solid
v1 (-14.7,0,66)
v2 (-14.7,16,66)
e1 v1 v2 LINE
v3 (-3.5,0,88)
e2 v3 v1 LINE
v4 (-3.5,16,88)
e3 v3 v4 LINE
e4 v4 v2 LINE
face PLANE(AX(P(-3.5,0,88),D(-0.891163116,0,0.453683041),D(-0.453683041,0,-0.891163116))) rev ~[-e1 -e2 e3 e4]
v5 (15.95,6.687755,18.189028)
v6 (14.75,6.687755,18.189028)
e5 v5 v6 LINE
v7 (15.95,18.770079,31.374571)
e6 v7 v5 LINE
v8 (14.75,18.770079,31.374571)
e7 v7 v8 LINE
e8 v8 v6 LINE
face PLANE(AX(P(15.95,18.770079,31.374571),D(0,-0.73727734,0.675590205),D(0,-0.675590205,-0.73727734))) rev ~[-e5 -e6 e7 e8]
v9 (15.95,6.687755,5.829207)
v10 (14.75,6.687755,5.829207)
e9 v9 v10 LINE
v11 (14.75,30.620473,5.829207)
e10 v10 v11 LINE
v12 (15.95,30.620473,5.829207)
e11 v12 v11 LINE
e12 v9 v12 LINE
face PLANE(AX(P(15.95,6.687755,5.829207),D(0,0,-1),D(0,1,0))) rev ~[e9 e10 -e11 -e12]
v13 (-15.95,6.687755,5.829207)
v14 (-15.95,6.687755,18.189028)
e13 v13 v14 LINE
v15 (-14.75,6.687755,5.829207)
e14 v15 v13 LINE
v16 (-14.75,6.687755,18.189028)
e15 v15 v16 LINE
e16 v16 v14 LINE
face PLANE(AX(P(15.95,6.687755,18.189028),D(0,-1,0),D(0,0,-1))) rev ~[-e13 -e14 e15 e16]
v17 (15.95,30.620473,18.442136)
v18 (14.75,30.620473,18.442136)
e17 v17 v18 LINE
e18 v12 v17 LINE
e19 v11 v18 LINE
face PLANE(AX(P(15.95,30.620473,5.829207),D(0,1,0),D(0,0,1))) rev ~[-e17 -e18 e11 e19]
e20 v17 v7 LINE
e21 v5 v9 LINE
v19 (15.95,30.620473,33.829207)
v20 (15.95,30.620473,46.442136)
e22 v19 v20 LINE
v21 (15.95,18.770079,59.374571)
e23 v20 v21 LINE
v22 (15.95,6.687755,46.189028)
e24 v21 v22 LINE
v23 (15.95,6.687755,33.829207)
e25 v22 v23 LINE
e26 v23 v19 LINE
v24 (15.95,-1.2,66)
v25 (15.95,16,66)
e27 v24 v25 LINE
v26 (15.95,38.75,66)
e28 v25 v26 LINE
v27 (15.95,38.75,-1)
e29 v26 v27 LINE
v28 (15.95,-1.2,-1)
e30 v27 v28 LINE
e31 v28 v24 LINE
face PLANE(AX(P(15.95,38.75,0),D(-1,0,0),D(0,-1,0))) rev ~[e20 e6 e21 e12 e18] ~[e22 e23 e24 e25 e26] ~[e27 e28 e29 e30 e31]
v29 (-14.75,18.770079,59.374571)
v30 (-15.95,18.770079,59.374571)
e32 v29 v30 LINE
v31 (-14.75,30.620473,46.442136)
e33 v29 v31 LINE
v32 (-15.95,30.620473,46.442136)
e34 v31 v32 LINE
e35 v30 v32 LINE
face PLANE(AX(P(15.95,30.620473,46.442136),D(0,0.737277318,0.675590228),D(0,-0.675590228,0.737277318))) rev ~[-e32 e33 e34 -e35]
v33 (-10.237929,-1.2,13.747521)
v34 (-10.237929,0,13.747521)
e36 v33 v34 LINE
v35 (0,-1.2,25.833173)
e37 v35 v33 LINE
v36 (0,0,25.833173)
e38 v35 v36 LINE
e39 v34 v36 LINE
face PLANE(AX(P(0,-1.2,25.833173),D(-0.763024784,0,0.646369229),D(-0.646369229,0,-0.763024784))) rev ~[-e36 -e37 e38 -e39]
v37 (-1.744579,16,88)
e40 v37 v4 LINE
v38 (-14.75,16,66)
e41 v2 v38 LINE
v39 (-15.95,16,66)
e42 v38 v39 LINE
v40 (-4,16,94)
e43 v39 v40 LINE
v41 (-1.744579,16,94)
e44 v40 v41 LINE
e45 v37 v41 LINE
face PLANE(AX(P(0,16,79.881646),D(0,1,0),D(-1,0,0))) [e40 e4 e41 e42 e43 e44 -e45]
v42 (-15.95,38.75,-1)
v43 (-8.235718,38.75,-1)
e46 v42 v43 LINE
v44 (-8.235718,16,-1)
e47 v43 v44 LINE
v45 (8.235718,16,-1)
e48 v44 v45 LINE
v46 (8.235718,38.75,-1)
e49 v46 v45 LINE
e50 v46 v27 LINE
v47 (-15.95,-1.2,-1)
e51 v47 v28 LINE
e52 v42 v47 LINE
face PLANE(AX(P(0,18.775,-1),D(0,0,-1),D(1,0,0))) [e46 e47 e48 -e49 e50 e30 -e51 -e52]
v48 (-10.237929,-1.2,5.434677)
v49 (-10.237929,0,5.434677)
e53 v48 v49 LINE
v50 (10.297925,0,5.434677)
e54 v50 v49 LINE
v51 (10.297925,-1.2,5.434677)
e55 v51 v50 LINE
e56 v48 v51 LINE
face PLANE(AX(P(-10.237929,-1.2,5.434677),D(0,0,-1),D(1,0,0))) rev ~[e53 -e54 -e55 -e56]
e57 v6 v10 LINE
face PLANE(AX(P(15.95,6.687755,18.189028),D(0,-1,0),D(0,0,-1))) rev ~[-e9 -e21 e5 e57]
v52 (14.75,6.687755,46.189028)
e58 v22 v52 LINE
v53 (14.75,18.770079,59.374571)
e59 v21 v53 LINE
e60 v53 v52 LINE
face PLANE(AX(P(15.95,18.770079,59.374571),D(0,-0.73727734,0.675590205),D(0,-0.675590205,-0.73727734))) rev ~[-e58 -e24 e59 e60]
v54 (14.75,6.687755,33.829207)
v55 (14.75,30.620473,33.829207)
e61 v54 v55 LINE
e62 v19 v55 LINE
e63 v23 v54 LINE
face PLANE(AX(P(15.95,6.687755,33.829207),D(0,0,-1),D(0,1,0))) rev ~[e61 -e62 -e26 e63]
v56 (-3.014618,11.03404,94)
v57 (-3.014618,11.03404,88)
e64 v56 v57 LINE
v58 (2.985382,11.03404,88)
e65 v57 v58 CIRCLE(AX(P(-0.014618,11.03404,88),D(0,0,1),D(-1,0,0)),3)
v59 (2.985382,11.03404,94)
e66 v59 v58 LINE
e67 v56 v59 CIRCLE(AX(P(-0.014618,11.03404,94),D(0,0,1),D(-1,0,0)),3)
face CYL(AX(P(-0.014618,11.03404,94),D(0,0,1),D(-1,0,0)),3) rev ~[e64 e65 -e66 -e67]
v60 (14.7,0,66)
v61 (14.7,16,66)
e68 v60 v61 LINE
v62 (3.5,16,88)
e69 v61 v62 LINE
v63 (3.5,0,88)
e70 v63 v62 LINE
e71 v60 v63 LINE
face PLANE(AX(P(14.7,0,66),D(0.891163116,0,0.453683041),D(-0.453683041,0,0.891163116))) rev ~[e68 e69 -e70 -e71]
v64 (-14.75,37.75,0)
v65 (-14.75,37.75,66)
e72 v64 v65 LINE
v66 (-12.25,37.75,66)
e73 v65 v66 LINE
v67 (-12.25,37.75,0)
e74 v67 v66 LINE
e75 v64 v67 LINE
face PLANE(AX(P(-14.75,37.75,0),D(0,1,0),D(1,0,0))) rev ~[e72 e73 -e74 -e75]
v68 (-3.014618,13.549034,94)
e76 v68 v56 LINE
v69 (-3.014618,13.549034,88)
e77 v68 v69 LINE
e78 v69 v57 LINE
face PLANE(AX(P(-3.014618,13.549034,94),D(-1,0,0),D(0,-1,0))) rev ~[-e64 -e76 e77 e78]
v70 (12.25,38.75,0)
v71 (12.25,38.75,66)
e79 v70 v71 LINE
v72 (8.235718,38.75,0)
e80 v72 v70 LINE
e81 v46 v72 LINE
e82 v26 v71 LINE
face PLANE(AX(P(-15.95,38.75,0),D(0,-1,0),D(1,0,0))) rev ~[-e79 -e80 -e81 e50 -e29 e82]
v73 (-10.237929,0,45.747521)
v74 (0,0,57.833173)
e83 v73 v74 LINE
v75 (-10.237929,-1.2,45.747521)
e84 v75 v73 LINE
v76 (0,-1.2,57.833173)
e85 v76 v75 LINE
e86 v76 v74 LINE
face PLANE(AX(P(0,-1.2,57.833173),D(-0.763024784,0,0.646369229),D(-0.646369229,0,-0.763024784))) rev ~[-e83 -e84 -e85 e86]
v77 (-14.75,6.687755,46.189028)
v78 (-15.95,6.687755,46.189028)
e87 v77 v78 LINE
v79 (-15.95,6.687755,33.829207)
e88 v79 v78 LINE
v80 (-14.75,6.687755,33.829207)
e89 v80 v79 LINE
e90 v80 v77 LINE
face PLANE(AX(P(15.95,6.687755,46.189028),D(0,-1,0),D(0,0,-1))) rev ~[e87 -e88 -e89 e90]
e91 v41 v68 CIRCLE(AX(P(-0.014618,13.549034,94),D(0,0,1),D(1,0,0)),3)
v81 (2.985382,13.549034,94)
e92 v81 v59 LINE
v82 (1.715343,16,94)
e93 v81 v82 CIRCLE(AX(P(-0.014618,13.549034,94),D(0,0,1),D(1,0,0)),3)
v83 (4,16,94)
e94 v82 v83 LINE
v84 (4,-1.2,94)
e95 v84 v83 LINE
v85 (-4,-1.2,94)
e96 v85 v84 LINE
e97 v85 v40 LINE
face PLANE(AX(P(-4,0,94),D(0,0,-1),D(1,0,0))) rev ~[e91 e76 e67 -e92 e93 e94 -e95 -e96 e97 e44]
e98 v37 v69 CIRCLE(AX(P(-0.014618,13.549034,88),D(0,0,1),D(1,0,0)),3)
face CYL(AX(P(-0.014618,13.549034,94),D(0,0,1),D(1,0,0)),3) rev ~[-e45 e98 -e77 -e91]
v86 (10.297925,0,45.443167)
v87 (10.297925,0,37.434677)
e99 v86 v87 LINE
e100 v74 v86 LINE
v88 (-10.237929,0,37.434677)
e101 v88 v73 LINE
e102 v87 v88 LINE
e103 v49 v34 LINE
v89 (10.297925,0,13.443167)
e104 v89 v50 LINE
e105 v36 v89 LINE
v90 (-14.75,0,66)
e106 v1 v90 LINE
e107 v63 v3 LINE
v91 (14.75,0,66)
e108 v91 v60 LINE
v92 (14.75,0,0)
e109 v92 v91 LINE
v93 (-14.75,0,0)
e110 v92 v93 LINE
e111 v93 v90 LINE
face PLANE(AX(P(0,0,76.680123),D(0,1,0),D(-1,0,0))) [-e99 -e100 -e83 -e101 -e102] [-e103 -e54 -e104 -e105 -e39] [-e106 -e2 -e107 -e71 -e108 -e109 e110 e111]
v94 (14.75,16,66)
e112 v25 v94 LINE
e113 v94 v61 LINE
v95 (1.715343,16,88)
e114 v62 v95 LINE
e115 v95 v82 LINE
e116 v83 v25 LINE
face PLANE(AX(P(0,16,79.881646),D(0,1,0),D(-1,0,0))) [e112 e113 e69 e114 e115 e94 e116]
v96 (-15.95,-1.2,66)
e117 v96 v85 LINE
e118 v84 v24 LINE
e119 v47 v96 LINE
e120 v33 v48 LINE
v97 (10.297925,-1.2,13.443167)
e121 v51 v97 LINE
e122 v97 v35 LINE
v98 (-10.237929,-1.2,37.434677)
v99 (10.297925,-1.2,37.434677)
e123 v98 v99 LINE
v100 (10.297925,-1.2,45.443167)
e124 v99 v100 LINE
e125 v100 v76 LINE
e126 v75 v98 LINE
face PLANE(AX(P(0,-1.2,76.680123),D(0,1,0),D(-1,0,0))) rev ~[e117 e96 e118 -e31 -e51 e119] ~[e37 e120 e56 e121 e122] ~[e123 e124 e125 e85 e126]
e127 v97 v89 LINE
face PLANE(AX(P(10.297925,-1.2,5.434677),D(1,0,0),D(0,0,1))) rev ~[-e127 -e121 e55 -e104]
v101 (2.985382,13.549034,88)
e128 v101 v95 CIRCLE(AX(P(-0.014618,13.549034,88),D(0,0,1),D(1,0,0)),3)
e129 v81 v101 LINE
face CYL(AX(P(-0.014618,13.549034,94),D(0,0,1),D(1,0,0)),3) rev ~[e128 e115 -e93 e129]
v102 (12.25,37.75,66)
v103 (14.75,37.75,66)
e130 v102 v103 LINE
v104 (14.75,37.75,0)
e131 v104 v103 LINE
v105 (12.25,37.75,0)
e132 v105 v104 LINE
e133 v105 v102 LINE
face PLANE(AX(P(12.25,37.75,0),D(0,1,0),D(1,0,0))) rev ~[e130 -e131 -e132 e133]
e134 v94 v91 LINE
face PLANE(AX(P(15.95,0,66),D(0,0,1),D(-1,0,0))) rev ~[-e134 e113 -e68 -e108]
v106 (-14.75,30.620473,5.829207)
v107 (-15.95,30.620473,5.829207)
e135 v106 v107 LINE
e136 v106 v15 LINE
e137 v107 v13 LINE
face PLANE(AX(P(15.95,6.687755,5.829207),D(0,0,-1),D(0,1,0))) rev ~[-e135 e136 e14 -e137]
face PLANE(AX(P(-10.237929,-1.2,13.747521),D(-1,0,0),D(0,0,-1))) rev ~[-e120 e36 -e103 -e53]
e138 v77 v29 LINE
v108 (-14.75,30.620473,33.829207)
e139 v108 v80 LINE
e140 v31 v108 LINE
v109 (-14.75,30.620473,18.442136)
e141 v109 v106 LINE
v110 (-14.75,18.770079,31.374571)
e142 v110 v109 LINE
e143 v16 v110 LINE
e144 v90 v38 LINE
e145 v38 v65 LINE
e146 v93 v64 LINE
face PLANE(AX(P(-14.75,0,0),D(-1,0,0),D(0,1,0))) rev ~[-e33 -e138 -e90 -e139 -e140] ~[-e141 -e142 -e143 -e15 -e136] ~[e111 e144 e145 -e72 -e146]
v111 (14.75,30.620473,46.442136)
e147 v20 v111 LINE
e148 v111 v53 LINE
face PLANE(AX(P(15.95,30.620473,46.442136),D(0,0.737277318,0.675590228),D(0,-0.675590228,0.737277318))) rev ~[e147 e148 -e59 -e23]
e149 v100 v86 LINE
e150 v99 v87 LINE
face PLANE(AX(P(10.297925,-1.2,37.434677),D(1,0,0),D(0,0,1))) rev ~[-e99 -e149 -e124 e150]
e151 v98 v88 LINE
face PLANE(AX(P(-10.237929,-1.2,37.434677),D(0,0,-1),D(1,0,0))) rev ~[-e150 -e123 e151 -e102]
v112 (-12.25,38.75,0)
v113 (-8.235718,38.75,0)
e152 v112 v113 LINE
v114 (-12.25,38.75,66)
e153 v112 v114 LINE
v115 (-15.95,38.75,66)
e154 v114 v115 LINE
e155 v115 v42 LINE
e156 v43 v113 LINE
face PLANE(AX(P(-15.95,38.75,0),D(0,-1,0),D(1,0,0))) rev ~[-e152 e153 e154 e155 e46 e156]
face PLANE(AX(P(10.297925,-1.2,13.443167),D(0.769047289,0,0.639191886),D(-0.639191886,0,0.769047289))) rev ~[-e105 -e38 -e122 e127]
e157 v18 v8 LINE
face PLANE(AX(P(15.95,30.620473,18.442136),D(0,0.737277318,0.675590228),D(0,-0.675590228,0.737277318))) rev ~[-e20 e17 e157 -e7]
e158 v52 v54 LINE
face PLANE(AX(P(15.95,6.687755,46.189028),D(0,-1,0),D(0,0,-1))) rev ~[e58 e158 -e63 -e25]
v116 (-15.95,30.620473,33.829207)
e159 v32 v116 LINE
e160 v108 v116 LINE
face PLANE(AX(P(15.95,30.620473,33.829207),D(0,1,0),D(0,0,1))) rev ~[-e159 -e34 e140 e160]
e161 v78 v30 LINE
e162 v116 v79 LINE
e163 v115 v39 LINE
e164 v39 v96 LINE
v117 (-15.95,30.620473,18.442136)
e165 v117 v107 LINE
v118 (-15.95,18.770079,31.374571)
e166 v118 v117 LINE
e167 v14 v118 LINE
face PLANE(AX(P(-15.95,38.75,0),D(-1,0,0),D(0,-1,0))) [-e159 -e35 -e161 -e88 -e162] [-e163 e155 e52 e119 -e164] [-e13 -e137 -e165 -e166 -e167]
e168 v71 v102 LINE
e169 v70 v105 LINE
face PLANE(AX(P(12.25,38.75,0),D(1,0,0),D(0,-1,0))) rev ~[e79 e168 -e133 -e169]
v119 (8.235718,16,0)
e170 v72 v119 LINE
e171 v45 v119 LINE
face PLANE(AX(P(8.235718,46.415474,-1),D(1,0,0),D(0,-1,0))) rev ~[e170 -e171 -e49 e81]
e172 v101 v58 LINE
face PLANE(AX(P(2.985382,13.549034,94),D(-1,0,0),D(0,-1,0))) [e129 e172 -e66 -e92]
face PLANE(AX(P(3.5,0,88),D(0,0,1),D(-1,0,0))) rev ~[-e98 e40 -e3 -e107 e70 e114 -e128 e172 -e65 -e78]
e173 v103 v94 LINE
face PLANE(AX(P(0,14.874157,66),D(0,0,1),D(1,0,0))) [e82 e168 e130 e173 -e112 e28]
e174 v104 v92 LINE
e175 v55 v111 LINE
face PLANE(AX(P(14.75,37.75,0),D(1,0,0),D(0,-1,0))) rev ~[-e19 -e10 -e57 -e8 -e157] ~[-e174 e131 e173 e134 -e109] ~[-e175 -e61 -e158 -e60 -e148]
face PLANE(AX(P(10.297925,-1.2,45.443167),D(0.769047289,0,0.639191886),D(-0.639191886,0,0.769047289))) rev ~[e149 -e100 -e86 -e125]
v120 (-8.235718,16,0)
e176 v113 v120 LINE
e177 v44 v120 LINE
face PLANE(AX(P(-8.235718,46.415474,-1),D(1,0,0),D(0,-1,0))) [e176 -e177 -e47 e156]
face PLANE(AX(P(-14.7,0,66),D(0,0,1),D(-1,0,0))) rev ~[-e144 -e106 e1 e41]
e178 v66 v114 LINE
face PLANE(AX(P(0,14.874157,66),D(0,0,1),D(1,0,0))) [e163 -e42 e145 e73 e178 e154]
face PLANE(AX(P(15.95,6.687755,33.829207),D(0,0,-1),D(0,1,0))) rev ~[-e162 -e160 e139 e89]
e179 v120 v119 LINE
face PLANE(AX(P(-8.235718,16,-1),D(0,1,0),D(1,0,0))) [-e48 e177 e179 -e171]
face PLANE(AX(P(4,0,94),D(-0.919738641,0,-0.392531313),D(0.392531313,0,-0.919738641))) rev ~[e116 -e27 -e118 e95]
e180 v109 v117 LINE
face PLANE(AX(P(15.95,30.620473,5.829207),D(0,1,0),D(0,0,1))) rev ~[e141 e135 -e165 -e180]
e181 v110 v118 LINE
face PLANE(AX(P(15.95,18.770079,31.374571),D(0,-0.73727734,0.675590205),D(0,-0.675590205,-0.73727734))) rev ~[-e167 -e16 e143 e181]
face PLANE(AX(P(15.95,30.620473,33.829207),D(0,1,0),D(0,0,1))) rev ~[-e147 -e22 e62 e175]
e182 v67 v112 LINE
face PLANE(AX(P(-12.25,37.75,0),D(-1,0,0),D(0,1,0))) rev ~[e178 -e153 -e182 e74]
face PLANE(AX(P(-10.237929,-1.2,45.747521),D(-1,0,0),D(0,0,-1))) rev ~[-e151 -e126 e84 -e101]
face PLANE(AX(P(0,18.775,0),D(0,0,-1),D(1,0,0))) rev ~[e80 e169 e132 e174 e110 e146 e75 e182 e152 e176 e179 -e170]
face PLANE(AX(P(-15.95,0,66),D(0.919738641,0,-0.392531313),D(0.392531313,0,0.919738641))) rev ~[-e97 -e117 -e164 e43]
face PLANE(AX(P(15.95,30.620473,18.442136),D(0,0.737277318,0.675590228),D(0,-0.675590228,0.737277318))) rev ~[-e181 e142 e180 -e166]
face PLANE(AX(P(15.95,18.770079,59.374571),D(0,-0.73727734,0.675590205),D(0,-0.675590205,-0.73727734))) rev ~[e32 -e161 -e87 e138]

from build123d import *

# Parameters (mm, degrees)
PAD_DEPTH              = 66
SKETCH001_W            = 31.9
SKETCH001_H            = 39.95
PAD001_DEPTH           = 1
PAD002_DEPTH           = 1.2
PAD003_DEPTH           = 16
SKETCH011_W            = 16.471436
SKETCH011_H            = 30.415474
POCKET_DEPTH           = 5
POCKET001_DEPTH        = 8
POCKET002_DEPTH        = 5
LINEARPATTERN_COUNT    = 2
LINEARPATTERN_PITCH    = 32
POCKET003_DEPTH        = 31.901
LINEARPATTERN001_COUNT = 2
LINEARPATTERN001_PITCH = 28


with BuildPart() as part:
    # Sketch → Pad (new body)
    with BuildSketch(Plane.XY):
        Polygon((14.75, 37.75), (14.75, 0), (-14.75, 0), (-14.75, 37.75), (-12.25, 37.75), (-12.25, 38.75), (-15.95, 38.75), (-15.95, -1.2), (15.95, -1.2), (15.95, 38.75), (12.25, 38.75), (12.25, 37.75), align=None)
    extrude(amount=PAD_DEPTH)

    # Sketch001 (on Face13 of Pad) → Pad001 (join)
    with BuildSketch(Plane(origin=(0, 0, 0), x_dir=(1, 0, 0), z_dir=(0, 0, -1))):
        with Locations((0, -18.775)):
            Rectangle(SKETCH001_W, SKETCH001_H)
    extrude(amount=PAD001_DEPTH)

    # Sketch002 (on Face13 of Pad001) → Pad002 (join)
    with BuildSketch(Plane.XZ.offset(1.2)):
        Polygon((-15.95, 66), (-4, 94), (4, 94), (15.95, 66), align=None)
    extrude(amount=-PAD002_DEPTH)

    # Sketch007 (on Face8 of Pad002) → Pad003 (join)
    with BuildSketch(Plane(origin=(0, 0, 0), x_dir=(-1, 0, 0), z_dir=(0, 1, 0))):
        Polygon((-15.95, 66), (-14.7, 66), (-3.5, 88), (3.5, 88), (14.7, 66), (15.95, 66), (4, 94), (-4, 94), align=None)
    extrude(amount=PAD003_DEPTH)

    # Sketch011 (on Face24 of Pad003) → Pocket (cut)
    with BuildSketch(Plane(origin=(0, 0, -1), x_dir=(1, 0, 0), z_dir=(0, 0, -1))):
        with Locations((0, -31.207737)):
            Rectangle(SKETCH011_W, SKETCH011_H)
    extrude(amount=-POCKET_DEPTH, mode=Mode.SUBTRACT)

    # Sketch012 (on Face33 of Pocket) → Pocket001 (cut)
    with BuildSketch(Plane.XY.offset(94)):
        with BuildLine():
            ThreePointArc((2.985382, 13.549034), (-0.014618, 16.549034), (-3.014618, 13.549034))
            Line((-3.014618, 13.549034), (-3.014618, 11.03404))
            ThreePointArc((-3.014618, 11.03404), (-0.014618, 8.03404), (2.985382, 11.03404))
            Line((2.985382, 13.549034), (2.985382, 11.03404))
        make_face()
    extrude(amount=-POCKET001_DEPTH, mode=Mode.SUBTRACT)

    # Sketch014 (on Face30 of Pocket001) → Pocket002 (cut)
    with BuildSketch(Plane.XZ.offset(1.2)):
        Polygon((0, 25.833173), (-10.237929, 13.747521), (-10.237929, 5.434677), (10.297925, 5.434677), (10.297925, 13.443167), align=None)
    pocket002 = extrude(amount=-POCKET002_DEPTH, mode=Mode.SUBTRACT)

    # LinearPattern: Pocket002 ×2
    with Locations(*[(0, 0, i * LINEARPATTERN_PITCH) for i in range(1, LINEARPATTERN_COUNT)]):
        add(pocket002, mode=Mode.SUBTRACT)

    # Sketch015 (on Face29 of LinearPattern) → Pocket003 (cut, through all)
    with BuildSketch(Plane.YZ.offset(15.95)):
        Polygon((18.770079, 31.374571), (6.687755, 18.189028), (6.687755, 5.829207), (30.620473, 5.829207), (30.620473, 18.442136), align=None)
    pocket003 = extrude(amount=-POCKET003_DEPTH, mode=Mode.SUBTRACT)

    # LinearPattern001: Pocket003 ×2
    with Locations(*[(0, 0, i * LINEARPATTERN001_PITCH) for i in range(1, LINEARPATTERN001_COUNT)]):
        add(pocket003, mode=Mode.SUBTRACT)


solid = part.part
